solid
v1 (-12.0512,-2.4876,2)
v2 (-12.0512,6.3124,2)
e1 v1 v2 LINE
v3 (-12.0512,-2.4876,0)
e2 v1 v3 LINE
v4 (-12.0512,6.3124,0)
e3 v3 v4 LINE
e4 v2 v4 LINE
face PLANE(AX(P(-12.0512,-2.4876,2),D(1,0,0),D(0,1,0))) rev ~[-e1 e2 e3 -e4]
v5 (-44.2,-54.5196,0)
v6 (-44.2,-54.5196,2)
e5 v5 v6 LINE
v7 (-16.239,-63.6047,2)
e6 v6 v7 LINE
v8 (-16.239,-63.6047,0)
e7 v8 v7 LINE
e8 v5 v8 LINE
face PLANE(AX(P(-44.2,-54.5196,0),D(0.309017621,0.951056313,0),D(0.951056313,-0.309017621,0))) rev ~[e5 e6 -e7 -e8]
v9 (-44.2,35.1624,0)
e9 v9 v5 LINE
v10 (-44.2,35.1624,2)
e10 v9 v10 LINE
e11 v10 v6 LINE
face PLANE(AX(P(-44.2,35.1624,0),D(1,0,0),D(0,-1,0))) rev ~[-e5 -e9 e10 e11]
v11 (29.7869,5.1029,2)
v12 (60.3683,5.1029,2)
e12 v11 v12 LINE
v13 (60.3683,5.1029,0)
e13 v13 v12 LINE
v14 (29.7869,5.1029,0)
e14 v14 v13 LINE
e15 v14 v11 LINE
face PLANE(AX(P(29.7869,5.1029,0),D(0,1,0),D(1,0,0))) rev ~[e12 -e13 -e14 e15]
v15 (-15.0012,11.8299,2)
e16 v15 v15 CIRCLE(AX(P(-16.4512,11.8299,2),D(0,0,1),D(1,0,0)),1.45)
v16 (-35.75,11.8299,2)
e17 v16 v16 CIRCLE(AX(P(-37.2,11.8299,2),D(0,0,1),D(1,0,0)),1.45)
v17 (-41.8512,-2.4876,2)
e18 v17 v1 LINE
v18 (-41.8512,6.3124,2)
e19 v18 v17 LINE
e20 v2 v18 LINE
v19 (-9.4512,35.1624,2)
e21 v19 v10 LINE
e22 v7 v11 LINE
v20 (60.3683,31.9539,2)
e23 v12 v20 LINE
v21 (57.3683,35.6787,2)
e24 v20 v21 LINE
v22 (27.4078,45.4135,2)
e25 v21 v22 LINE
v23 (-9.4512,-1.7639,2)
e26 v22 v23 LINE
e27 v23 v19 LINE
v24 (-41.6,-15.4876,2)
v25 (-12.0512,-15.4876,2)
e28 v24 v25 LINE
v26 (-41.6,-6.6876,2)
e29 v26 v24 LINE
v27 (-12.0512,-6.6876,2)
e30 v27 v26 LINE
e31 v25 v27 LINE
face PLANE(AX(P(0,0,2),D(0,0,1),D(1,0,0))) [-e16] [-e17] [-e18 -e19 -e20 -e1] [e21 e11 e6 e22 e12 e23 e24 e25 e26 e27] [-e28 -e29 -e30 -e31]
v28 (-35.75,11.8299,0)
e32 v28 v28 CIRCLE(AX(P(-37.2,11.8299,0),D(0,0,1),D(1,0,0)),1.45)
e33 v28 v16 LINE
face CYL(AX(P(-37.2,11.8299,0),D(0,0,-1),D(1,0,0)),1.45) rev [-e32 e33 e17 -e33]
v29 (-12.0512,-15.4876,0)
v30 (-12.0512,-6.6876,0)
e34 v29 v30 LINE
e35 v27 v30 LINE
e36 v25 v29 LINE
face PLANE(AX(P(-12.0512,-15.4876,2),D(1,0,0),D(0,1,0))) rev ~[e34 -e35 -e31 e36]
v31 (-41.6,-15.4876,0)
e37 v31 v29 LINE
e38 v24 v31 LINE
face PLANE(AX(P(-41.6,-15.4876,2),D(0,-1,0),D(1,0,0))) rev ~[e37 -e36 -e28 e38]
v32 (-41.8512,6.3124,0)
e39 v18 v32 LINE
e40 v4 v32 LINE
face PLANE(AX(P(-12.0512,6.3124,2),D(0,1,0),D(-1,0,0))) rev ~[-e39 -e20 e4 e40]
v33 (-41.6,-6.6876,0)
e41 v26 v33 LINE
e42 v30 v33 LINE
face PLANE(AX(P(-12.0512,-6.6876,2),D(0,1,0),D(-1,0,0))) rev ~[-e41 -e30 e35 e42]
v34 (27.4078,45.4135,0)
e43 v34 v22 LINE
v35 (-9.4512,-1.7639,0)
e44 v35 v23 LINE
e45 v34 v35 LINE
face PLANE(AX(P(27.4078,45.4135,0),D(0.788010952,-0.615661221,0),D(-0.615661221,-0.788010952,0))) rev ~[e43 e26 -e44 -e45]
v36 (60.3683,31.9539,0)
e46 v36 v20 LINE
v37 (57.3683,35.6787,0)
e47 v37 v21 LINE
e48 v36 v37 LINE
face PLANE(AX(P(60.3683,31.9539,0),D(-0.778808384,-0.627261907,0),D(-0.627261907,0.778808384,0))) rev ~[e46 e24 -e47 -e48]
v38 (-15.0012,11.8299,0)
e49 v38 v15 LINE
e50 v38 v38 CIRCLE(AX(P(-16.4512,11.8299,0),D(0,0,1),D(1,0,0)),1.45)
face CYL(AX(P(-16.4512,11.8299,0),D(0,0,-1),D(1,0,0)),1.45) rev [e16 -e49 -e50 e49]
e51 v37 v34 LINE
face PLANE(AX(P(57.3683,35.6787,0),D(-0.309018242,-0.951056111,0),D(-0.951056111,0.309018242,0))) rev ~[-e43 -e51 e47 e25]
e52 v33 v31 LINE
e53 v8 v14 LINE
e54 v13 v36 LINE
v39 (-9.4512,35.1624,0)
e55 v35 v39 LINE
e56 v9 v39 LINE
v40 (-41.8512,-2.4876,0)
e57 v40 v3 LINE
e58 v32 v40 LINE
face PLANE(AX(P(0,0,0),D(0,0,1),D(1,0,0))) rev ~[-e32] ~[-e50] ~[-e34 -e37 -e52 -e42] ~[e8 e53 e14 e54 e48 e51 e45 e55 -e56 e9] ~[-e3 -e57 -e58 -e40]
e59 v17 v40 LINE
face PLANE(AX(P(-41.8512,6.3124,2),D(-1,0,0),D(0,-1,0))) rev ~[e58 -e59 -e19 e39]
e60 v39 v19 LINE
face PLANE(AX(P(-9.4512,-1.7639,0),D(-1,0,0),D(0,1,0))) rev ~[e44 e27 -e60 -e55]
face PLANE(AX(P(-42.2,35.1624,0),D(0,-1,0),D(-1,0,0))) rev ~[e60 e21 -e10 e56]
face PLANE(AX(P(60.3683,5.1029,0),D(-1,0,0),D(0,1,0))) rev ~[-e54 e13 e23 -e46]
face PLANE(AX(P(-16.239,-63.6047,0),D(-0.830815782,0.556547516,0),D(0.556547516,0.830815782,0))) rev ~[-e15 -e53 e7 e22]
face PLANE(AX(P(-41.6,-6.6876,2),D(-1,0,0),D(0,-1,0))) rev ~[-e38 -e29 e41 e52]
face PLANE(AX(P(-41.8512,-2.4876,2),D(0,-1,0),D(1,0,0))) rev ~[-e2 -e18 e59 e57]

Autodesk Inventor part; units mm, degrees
ref_plane "YZ Plane" through (0, 0, 0) normal (1, 0, 0) x (0, 1, 0)
ref_plane "XZ Plane" through (0, 0, 0) normal (0, 1, 0) x (-1, 0, 0)
ref_plane "XY Plane" through (0, 0, 0) normal (0, 0, 1) x (1, 0, 0)
ref_plane "Work Plane1" through (0, 0, 0) normal (0, 0, 1) x (1, 0, 0)
sketch "Sketch1" plane through (0, 0, 0) normal (0, 0, 1) x (1, 0, 0)
  circle A0 centre (-16.4512, 11.8299) radius 1.45 projected
  circle A1 centre (-37.2, 11.8299) radius 1.45 projected
  line L0 (-41.2012, 5.1624) -> (-41.2012, -2.0876) projected
  line L1 (-41.2012, -2.0876) -> (-38.2, -2.0876) projected
  line L2 (-38.2, -2.0876) -> (-38.2, -7.0876) projected
  line L3 (-38.2, -7.0876) -> (-41.2, -7.0876) projected
  line L4 (-41.2, -7.0876) -> (-41.2, -48.1342) projected
  line L5 (-41.2, -48.1342) -> (-20.7938, -54.7646) projected
  line L6 (-20.7938, -54.7646) -> (28.3237, 8.1029) projected
  line L7 (28.3237, 8.1029) -> (54.2162, 8.1029) projected
  line L8 (54.2162, 8.1029) -> (54.2162, 31.454) projected
  line L9 (54.2162, 31.454) -> (27.1735, 40.2407) projected
  line L10 (27.1735, 40.2407) -> (-12.4512, -10.4765) projected
  line L11 (-12.4512, -10.4765) -> (-12.4512, 5.6624) projected
  line L12 (-12.4512, 5.6624) -> (-15.7012, 5.6624) projected
  line L13 (-15.7012, 5.6624) -> (-15.7012, 8.1624) projected
  line L14 (-15.7012, 8.1624) -> (-12.4512, 8.1624) projected
  line L15 (-12.4512, 8.1624) -> (-12.4512, 32.1624) projected
  line L16 (-31.5338, 32.1624) -> (-41.2, 32.1624) projected
  line L17 (-41.2, 32.1624) -> (-41.2, 8.1624) projected
  line L18 (-41.2, 8.1624) -> (-38.2, 8.1624) projected
  line L19 (-38.2, 8.1624) -> (-38.2, 5.6624) projected
  line L20 (-38.2, 5.6624) -> (-41.2, 5.6624) projected
  line L21 (-41.2, 5.6624) -> (-41.2, 5.1624) projected
  line L22 (-41.2, 5.1624) -> (-41.2012, 5.1624) projected
  line L23 (-12.7012, -2.0876) -> (-12.7012, -7.0876) projected
  line L24 (-12.7012, -7.0876) -> (-15.7012, -7.0876) projected
  line L25 (-15.7012, -7.0876) -> (-15.7012, -2.0876) projected
  line L26 (-15.7012, -2.0876) -> (-12.7012, -2.0876) projected
  line L27 (-16.239, -63.6047) -> (29.7869, 5.1029) projected
  line L28 (29.7869, 5.1029) -> (60.3683, 5.1029) projected
  line L29 (60.3683, 5.1029) -> (60.3683, 31.9539) projected
  line L30 (60.3683, 31.9539) -> (57.3683, 35.6787) projected
  line L31 (57.3683, 35.6787) -> (27.4078, 45.4135) projected
  line L32 (27.4078, 45.4135) -> (-9.4512, -1.7639) projected
  line L33 (-9.4512, -1.7639) -> (-9.4512, 35.1624) projected
  line L34 (-9.4512, 35.1624) -> (-42.2, 35.1624) projected
  line L35 (-42.2, 35.1624) -> (-44.2, 35.1624) projected
  line L36 (-44.2, 35.1624) -> (-44.2, -54.5196) projected
  line L37 (-44.2, -54.5196) -> (-16.239, -63.6047) projected
  line L38 (-41.2, 5.1624) -> (-41.2, 5.6624) projected
  line L39 (-41.2, 5.6624) -> (-38.2, 5.6624) projected
  line L40 (-38.2, 5.6624) -> (-38.2, 8.1624) projected
  line L41 (-38.2, 8.1624) -> (-41.2, 8.1624) projected
  line L42 (-41.2, 8.1624) -> (-41.2, 32.1624) projected
  line L43 (-41.2, 32.1624) -> (-12.4512, 32.1624) projected
  line L44 (-12.4512, 32.1624) -> (-12.4512, 8.1624) projected
  line L45 (-12.4512, 8.1624) -> (-15.7012, 8.1624) projected
  line L46 (-15.7012, 8.1624) -> (-15.7012, 5.6624) projected
  line L47 (-15.7012, 5.6624) -> (-12.4512, 5.6624) projected
  line L48 (-12.4512, 5.6624) -> (-12.4512, -10.4765) projected
  line L49 (-12.4512, -10.4765) -> (27.1735, 40.2407) projected
  line L50 (27.1735, 40.2407) -> (54.2162, 31.454) projected
  line L51 (54.2162, 31.454) -> (54.2162, 8.1029) projected
  line L52 (54.2162, 8.1029) -> (28.3237, 8.1029) projected
  line L53 (28.3237, 8.1029) -> (-20.7938, -54.7646) projected
  line L54 (-20.7938, -54.7646) -> (-41.2, -48.1342) projected
  line L55 (-41.2, -48.1342) -> (-41.2, -7.0876) projected
  line L56 (-41.2, -7.0876) -> (-38.2, -7.0876) projected
  line L57 (-38.2, -7.0876) -> (-38.2, -2.0876) projected
  line L58 (-38.2, -2.0876) -> (-41.2012, -2.0876) projected
  line L59 (-41.2012, -2.0876) -> (-41.2012, 5.1624) projected
  line L60 (-41.2012, 5.1624) -> (-41.2, 5.1624) projected
  circle A2 centre (43.9499, 17.9141) radius 1.4 projected
  circle A3 centre (43.9499, 30.4141) radius 1.4 projected
  line L61 (-31.5338, 25.1624) -> (-31.5338, 32.1624) projected
  line L62 (-12.4512, 32.1624) -> (-22.3686, 32.1624) projected
  line L63 (-22.3686, 32.1624) -> (-22.3686, 25.1624) projected
  line L64 (-22.3686, 25.1624) -> (-31.5338, 25.1624) projected
extrude "Extrusion1" add sketch "Sketch1" along normal blind 2 contours L21 L20 L19 L18 L17 L16 L61 L64 L63 L43 L15 L14 L13 L12 L11 L10 L9 L8 L7 L6 L5 L4 L3 L2 L1 L0 | L43 L63 L64 L61 | L23 L24 L25 L26 | L37 L36 L35 L34 L33 L32 L31 L30 L29 L28 L27 | A2 | A3
sketch "Sketch4" plane through (0, 0, 2) normal (0, 0, 1) x (1, 0, 0)
  line L0 (-12.4512, -7.0876) -> (-12.4512, -15.0876) projected
  line L1 (-12.4512, -15.0876) -> (-41.2, -15.0876) projected
  line L2 (-41.2, -15.0876) -> (-41.2, -7.0876) projected
  line L3 (-41.2, -7.0876) -> (-12.4512, -7.0876) projected
  line L4 (-41.4512, -2.0876) -> (-41.4512, 5.9124) projected
  line L5 (-41.4512, 5.9124) -> (-12.4512, 5.9124) projected
  line L6 (-12.4512, 5.9124) -> (-12.4512, -2.0876) projected
  line L7 (-12.4512, -2.0876) -> (-41.4512, -2.0876) projected
  line L8 (31.1264, -1.592) -> (36.5437, 2.1484) projected
  line L9 (36.5437, 2.1484) -> (37.0695, 3.5361) projected
  line L10 (37.0695, 3.5361) -> (60.3683, 9.779) projected
  line L11 (60.3683, 9.779) -> (60.3683, 9.784) projected
  line L12 (60.3683, 9.784) -> (60.3683, 31.9539) projected
  line L13 (60.3683, 31.9539) -> (57.3683, 35.9287) projected
  line L14 (57.3683, 35.9287) -> (27.5635, 45.6128) projected
  line L15 (27.5635, 45.6128) -> (-9.4512, -1.7639) projected
  line L16 (-9.4512, -1.7639) -> (-9.4512, 35.4124) projected
  line L17 (-9.4512, 35.4124) -> (-44.2, 35.4124) projected
  line L18 (-44.2, 35.4124) -> (-44.2, -54.5196) projected
  line L19 (-44.2, -54.5196) -> (-16.239, -63.6047) projected
  line L20 (-16.239, -63.6047) -> (12.0348, -27.416) projected
  line L21 (12.0348, -27.416) -> (25.8734, -27.416) projected
  line L22 (25.8734, -27.416) -> (25.8734, -22.5432) projected
  line L23 (25.8734, -22.5432) -> (22.8734, -22.5432) projected
  line L24 (22.8734, -22.5432) -> (22.8734, -13.5432) projected
  line L25 (22.8734, -13.5432) -> (25.8734, -13.5432) projected
  line L26 (25.8734, -13.5432) -> (25.8734, 0.5361) projected
  line L27 (25.8734, 0.5361) -> (29.5751, 0.5361) projected
  line L28 (29.5751, 0.5361) -> (29.5751, -1.592) projected
  line L29 (29.5751, -1.592) -> (31.1264, -1.592) projected
  line L30 (-41.6, -6.6876) -> (-41.6, -15.4876)
  line L31 (-41.6, -15.4876) -> (-12.0512, -15.4876)
  line L32 (-12.0512, -15.4876) -> (-12.0512, -6.6876)
  line L33 (-12.0512, -6.6876) -> (-41.6, -6.6876)
  line L34 (-41.8512, 6.3124) -> (-41.8512, -2.4876)
  line L35 (-41.8512, -2.4876) -> (-12.0512, -2.4876)
  line L36 (-12.0512, -2.4876) -> (-12.0512, 6.3124)
  line L37 (-12.0512, 6.3124) -> (-41.8512, 6.3124)
  point P0 (0, 0)
  dimension "d13" = 0.4
  dimension "d14" = 0.4
extrude "Extrusion4" cut sketch "Sketch4" against normal through all contours L0 L1 L2 L3 | L4 L5 L6 L7 | L33 L32 L31 L30 | L37 L36 L35 L34
properties part number "cellSTORM_v5_microscope_cover"
